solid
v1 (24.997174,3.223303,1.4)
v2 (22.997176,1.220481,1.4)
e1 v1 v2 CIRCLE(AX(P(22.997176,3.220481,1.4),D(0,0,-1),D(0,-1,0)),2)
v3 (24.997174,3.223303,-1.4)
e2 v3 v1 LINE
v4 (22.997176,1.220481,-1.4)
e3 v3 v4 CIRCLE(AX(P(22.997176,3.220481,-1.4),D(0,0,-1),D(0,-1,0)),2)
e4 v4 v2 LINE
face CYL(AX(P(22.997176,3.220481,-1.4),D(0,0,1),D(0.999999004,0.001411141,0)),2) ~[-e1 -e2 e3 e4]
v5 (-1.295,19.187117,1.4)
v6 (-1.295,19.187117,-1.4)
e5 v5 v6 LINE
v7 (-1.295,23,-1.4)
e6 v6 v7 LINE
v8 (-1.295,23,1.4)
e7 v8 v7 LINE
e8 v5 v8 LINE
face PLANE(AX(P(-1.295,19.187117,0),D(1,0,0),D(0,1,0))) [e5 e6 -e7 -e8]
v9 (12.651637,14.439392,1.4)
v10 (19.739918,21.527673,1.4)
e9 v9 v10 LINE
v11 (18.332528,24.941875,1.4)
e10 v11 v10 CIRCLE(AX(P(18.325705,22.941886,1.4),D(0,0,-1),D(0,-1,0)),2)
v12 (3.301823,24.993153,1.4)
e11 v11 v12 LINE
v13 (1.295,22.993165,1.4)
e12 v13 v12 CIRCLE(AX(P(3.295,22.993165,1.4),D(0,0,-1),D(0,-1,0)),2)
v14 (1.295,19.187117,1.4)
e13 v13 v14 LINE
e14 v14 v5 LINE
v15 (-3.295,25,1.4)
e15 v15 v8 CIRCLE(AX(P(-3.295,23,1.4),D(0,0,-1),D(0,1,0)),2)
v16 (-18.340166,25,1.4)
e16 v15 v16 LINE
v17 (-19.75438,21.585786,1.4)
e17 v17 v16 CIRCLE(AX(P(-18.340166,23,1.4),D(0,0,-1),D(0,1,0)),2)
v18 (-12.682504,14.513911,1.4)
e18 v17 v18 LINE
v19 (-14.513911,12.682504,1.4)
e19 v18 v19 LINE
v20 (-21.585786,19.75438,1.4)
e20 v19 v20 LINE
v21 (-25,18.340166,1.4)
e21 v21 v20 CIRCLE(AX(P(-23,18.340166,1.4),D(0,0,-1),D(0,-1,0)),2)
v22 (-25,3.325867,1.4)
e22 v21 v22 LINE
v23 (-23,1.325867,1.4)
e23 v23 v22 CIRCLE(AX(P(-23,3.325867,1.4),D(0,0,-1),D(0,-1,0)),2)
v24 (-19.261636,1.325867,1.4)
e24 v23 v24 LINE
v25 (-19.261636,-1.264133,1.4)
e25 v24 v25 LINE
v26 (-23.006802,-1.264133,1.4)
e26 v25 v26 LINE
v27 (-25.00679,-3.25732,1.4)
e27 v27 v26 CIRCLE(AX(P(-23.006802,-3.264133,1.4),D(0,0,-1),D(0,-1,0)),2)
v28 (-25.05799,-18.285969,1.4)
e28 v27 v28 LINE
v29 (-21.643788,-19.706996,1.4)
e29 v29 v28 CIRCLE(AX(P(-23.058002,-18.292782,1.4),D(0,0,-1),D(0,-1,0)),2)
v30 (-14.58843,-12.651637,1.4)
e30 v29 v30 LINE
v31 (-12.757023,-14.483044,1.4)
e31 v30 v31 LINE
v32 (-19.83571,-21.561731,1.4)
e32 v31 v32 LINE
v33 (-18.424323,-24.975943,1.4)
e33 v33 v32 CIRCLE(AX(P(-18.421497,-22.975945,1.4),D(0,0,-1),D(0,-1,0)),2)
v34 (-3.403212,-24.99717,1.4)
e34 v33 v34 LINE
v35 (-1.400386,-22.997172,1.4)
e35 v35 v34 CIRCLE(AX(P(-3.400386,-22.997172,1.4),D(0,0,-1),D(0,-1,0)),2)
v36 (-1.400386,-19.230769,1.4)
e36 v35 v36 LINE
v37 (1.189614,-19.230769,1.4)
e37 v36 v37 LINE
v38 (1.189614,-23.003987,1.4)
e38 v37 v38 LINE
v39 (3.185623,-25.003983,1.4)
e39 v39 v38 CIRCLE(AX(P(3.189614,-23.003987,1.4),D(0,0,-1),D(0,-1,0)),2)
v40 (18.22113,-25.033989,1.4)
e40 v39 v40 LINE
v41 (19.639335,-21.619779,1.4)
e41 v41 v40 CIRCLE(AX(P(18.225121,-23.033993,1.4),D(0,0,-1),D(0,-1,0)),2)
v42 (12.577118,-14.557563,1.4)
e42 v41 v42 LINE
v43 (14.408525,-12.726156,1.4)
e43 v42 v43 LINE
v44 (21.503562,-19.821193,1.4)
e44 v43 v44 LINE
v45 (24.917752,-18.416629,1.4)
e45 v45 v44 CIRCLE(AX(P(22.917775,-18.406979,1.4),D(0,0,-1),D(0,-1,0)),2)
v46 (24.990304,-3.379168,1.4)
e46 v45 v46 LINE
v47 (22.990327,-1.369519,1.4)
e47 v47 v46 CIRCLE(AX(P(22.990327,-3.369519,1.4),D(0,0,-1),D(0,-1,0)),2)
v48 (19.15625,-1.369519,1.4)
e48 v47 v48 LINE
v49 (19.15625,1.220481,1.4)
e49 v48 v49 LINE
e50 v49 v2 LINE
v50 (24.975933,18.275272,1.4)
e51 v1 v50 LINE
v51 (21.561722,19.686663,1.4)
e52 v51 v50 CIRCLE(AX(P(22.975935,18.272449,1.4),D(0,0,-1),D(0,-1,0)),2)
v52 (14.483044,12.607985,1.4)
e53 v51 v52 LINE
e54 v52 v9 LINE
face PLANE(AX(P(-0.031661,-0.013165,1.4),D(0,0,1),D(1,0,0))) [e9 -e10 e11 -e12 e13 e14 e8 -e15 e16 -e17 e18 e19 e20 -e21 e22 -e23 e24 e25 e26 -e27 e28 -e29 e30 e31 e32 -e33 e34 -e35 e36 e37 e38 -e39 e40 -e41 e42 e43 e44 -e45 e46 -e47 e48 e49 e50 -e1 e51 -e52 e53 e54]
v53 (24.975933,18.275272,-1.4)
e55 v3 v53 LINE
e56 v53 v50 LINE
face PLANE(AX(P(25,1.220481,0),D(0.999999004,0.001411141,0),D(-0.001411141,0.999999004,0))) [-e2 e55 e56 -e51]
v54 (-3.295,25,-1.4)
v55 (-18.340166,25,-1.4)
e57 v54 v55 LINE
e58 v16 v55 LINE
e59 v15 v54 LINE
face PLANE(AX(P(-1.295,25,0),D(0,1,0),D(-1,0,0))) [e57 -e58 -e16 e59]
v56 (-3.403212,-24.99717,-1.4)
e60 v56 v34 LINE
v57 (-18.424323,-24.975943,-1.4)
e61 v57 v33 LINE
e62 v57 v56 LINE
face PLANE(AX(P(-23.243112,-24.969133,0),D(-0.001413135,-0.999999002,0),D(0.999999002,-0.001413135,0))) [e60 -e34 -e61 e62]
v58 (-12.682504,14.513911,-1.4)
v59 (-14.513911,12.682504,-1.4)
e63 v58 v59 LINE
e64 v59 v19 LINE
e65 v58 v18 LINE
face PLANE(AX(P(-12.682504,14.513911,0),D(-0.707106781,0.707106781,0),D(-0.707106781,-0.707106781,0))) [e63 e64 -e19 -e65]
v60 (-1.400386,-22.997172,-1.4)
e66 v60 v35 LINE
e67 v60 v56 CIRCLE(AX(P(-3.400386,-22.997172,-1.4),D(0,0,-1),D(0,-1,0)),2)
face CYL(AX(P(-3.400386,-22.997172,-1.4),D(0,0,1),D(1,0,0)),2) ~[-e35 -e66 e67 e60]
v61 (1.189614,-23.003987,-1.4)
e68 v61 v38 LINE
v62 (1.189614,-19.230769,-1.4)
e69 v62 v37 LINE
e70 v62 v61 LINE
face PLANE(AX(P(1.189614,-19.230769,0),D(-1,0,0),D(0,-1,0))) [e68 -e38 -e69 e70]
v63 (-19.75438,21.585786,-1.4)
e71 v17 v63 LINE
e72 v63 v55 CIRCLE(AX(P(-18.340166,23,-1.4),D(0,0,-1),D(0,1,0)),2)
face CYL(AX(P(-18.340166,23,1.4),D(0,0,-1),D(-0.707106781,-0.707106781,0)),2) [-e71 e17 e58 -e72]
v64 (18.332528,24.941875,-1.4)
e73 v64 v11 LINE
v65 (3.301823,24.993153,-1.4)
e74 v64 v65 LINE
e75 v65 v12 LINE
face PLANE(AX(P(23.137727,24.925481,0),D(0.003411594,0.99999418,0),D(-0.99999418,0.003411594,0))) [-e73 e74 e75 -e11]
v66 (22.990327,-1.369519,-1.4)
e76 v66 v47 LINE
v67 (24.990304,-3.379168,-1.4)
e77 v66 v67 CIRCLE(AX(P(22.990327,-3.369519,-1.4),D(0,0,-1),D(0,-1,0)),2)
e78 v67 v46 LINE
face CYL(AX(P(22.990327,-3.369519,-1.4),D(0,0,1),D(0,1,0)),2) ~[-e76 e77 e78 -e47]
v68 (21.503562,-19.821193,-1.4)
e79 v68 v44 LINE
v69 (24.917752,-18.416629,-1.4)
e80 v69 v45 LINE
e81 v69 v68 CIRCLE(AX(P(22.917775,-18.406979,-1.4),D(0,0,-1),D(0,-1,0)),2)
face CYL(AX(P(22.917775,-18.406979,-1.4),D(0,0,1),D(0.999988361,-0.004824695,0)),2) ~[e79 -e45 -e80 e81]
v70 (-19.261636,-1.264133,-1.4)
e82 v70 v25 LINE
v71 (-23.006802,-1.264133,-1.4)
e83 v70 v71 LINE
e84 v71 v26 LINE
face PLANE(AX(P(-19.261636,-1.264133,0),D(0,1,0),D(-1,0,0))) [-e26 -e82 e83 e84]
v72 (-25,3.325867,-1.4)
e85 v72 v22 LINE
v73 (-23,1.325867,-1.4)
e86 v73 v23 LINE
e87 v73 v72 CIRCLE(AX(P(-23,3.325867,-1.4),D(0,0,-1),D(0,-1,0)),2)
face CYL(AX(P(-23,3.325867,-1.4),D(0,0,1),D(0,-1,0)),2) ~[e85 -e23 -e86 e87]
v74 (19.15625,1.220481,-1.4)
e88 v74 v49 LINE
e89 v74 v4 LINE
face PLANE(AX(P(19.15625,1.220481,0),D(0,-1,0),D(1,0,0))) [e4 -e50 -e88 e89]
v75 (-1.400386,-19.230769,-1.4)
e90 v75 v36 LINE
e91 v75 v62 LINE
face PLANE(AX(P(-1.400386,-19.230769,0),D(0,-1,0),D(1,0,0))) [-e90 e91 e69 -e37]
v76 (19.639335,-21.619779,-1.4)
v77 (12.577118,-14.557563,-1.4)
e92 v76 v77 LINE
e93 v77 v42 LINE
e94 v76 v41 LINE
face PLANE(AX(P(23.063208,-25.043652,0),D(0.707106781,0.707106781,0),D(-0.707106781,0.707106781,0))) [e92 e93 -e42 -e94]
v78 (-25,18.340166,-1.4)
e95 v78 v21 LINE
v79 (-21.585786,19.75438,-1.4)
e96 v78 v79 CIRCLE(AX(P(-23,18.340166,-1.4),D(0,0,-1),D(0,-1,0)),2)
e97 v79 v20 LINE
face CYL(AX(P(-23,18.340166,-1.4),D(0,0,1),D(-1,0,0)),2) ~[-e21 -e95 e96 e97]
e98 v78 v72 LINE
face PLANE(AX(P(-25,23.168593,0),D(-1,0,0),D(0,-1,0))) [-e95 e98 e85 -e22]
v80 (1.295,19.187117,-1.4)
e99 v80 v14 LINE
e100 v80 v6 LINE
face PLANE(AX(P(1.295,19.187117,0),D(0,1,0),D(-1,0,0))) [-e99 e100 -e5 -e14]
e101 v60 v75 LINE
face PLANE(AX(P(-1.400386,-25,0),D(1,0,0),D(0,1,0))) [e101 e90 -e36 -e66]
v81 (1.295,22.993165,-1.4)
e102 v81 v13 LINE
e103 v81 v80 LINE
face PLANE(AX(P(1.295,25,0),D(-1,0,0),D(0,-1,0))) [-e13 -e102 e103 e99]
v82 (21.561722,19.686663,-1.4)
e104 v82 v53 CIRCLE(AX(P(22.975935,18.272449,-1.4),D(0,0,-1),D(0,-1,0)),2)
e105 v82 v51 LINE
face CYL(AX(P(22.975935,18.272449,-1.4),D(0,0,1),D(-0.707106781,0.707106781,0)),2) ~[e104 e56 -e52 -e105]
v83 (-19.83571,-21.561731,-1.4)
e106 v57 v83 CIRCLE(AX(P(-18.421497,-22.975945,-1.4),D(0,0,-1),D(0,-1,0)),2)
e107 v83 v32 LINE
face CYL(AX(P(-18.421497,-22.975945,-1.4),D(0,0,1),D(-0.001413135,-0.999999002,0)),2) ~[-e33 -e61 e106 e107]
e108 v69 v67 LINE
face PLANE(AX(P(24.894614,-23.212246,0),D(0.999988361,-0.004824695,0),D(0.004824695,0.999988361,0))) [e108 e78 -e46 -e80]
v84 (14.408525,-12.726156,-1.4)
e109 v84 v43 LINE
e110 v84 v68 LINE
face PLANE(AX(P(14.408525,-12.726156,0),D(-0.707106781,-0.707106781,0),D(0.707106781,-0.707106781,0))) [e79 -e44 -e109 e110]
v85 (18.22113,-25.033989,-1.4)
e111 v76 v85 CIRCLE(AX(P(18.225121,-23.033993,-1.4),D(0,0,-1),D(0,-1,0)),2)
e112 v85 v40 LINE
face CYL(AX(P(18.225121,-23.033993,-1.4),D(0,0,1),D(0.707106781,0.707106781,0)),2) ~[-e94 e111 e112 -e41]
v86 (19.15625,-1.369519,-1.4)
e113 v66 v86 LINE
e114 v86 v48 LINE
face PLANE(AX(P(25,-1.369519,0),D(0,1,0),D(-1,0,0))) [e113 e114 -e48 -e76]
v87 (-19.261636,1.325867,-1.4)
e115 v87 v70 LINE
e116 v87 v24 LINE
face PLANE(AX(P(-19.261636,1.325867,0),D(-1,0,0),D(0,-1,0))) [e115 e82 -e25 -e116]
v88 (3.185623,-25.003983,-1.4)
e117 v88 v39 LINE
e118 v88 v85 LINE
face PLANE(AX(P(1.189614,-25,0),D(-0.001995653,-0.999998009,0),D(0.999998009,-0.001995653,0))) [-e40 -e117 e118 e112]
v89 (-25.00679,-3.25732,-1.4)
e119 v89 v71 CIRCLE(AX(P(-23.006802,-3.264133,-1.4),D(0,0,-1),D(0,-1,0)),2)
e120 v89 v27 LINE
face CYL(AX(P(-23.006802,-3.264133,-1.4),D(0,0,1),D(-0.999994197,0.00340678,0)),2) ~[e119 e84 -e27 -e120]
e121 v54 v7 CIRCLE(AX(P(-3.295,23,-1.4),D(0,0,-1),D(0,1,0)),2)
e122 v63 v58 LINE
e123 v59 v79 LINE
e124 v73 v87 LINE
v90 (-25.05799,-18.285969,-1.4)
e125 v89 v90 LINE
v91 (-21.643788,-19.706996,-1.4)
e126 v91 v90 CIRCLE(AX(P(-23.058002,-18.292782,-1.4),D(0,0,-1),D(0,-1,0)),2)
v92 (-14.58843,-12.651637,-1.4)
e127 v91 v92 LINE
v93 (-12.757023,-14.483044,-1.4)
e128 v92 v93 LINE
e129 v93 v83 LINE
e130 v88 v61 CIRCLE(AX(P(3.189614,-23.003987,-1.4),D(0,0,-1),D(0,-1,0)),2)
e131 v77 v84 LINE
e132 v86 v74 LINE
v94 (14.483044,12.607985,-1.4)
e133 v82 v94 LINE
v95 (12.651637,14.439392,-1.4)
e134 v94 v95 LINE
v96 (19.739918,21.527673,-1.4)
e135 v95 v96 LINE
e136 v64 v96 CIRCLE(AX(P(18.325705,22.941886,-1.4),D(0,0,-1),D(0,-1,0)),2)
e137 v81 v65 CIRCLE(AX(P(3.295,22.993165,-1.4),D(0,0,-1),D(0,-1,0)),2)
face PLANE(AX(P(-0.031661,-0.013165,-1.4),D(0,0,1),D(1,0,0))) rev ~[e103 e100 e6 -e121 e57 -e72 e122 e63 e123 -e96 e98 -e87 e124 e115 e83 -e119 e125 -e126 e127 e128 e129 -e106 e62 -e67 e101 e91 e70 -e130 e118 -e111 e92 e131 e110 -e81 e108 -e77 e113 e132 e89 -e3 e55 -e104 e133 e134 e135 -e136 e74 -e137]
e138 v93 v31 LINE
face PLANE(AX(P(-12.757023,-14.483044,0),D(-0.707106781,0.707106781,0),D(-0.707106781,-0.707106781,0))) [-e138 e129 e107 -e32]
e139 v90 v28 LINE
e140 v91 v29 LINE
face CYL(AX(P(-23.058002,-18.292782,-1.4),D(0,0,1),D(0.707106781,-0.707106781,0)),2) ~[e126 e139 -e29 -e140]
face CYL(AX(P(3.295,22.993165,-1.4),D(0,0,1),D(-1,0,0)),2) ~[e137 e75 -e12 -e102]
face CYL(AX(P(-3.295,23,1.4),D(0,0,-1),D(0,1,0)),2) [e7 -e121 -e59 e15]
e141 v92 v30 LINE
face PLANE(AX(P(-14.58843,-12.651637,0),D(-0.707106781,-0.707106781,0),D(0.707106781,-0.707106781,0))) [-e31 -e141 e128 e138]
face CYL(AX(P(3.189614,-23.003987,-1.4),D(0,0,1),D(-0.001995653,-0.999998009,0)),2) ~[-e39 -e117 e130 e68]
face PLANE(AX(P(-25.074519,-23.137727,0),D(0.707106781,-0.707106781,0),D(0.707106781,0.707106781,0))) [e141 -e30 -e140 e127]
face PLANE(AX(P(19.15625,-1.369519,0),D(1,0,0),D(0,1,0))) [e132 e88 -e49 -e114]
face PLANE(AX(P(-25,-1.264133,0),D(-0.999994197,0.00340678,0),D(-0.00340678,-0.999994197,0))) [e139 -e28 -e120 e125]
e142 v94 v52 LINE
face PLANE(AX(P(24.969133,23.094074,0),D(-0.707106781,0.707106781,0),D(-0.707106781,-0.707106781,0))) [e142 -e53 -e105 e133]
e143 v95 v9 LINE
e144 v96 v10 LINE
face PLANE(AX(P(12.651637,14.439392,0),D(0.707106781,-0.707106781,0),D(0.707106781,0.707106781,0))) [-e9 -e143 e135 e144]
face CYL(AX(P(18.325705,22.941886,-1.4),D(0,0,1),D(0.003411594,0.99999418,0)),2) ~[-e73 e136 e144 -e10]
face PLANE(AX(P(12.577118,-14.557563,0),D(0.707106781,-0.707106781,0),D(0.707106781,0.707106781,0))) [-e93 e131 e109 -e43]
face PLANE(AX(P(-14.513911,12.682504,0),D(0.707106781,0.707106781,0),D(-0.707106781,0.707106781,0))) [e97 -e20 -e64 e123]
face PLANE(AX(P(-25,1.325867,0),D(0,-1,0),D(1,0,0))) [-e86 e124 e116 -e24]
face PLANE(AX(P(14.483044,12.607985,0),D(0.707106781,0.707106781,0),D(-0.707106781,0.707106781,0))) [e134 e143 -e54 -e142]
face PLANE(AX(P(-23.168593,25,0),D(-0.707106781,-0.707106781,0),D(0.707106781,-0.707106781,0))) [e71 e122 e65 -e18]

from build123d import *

# Parameters (mm, degrees)
BOSS_EXTRUDE1_DEPTH = 1.4
FILLET1_R           = 2


with BuildPart() as part:
    # Sketch2 → Boss-Extrude1 (new body, symmetric)
    with BuildSketch(Plane.XY):
        Polygon((-23.168593437, 25), (-12.682504049, 14.513910612), (-14.513910612, 12.682504049), (-25, 23.168593437), (-25, 1.325866762), (-19.261635993, 1.325866762), (-19.261635993, -1.264133238), (-25, -1.264133238), (-25.074518955, -23.137726675), (-14.588429567, -12.651637287), (-12.757023004, -14.48304385), (-23.243112392, -24.969133238), (-1.400385717, -25), (-1.400385717, -19.230769231), (1.189614283, -19.230769231), (1.189614283, -25), (23.063207719, -25.043652193), (12.577118332, -14.557562806), (14.408524895, -12.726156242), (24.894614283, -23.21224563), (25, -1.369518955), (19.156250275, -1.369518955), (19.156250275, 1.220481045), (25, 1.220481045), (24.969133238, 23.094074481), (14.48304385, 12.607985094), (12.651637287, 14.439391657), (23.137726675, 24.925481045), (1.295, 25), (1.295, 19.187117037), (-1.295, 19.187117037), (-1.295, 25), align=None)
    extrude(amount=BOSS_EXTRUDE1_DEPTH, both=True)

    # Fillet1
    fillet1_edges = [part.edges().sort_by_distance(p)[0] for p in [
        (-1.295, 25, 0),
        (1.295, 25, 0),
        (23.137726675, 24.925481045, 0),
        (24.969133238, 23.094074481, 0),
        (25, 1.220481045, 0),
        (25, -1.369518955, 0),
        (24.894614283, -23.21224563, 0),
        (23.063207719, -25.043652193, 0),
        (1.189614283, -25, 0),
        (-1.400385717, -25, 0),
        (-23.243112392, -24.969133238, 0),
        (-25.074518955, -23.137726675, 0),
        (-25, -1.264133238, 0),
        (-25, 1.325866762, 0),
        (-25, 23.168593437, 0),
        (-23.168593437, 25, 0),
    ]]
    fillet(fillet1_edges, radius=FILLET1_R)


solid = part.part
